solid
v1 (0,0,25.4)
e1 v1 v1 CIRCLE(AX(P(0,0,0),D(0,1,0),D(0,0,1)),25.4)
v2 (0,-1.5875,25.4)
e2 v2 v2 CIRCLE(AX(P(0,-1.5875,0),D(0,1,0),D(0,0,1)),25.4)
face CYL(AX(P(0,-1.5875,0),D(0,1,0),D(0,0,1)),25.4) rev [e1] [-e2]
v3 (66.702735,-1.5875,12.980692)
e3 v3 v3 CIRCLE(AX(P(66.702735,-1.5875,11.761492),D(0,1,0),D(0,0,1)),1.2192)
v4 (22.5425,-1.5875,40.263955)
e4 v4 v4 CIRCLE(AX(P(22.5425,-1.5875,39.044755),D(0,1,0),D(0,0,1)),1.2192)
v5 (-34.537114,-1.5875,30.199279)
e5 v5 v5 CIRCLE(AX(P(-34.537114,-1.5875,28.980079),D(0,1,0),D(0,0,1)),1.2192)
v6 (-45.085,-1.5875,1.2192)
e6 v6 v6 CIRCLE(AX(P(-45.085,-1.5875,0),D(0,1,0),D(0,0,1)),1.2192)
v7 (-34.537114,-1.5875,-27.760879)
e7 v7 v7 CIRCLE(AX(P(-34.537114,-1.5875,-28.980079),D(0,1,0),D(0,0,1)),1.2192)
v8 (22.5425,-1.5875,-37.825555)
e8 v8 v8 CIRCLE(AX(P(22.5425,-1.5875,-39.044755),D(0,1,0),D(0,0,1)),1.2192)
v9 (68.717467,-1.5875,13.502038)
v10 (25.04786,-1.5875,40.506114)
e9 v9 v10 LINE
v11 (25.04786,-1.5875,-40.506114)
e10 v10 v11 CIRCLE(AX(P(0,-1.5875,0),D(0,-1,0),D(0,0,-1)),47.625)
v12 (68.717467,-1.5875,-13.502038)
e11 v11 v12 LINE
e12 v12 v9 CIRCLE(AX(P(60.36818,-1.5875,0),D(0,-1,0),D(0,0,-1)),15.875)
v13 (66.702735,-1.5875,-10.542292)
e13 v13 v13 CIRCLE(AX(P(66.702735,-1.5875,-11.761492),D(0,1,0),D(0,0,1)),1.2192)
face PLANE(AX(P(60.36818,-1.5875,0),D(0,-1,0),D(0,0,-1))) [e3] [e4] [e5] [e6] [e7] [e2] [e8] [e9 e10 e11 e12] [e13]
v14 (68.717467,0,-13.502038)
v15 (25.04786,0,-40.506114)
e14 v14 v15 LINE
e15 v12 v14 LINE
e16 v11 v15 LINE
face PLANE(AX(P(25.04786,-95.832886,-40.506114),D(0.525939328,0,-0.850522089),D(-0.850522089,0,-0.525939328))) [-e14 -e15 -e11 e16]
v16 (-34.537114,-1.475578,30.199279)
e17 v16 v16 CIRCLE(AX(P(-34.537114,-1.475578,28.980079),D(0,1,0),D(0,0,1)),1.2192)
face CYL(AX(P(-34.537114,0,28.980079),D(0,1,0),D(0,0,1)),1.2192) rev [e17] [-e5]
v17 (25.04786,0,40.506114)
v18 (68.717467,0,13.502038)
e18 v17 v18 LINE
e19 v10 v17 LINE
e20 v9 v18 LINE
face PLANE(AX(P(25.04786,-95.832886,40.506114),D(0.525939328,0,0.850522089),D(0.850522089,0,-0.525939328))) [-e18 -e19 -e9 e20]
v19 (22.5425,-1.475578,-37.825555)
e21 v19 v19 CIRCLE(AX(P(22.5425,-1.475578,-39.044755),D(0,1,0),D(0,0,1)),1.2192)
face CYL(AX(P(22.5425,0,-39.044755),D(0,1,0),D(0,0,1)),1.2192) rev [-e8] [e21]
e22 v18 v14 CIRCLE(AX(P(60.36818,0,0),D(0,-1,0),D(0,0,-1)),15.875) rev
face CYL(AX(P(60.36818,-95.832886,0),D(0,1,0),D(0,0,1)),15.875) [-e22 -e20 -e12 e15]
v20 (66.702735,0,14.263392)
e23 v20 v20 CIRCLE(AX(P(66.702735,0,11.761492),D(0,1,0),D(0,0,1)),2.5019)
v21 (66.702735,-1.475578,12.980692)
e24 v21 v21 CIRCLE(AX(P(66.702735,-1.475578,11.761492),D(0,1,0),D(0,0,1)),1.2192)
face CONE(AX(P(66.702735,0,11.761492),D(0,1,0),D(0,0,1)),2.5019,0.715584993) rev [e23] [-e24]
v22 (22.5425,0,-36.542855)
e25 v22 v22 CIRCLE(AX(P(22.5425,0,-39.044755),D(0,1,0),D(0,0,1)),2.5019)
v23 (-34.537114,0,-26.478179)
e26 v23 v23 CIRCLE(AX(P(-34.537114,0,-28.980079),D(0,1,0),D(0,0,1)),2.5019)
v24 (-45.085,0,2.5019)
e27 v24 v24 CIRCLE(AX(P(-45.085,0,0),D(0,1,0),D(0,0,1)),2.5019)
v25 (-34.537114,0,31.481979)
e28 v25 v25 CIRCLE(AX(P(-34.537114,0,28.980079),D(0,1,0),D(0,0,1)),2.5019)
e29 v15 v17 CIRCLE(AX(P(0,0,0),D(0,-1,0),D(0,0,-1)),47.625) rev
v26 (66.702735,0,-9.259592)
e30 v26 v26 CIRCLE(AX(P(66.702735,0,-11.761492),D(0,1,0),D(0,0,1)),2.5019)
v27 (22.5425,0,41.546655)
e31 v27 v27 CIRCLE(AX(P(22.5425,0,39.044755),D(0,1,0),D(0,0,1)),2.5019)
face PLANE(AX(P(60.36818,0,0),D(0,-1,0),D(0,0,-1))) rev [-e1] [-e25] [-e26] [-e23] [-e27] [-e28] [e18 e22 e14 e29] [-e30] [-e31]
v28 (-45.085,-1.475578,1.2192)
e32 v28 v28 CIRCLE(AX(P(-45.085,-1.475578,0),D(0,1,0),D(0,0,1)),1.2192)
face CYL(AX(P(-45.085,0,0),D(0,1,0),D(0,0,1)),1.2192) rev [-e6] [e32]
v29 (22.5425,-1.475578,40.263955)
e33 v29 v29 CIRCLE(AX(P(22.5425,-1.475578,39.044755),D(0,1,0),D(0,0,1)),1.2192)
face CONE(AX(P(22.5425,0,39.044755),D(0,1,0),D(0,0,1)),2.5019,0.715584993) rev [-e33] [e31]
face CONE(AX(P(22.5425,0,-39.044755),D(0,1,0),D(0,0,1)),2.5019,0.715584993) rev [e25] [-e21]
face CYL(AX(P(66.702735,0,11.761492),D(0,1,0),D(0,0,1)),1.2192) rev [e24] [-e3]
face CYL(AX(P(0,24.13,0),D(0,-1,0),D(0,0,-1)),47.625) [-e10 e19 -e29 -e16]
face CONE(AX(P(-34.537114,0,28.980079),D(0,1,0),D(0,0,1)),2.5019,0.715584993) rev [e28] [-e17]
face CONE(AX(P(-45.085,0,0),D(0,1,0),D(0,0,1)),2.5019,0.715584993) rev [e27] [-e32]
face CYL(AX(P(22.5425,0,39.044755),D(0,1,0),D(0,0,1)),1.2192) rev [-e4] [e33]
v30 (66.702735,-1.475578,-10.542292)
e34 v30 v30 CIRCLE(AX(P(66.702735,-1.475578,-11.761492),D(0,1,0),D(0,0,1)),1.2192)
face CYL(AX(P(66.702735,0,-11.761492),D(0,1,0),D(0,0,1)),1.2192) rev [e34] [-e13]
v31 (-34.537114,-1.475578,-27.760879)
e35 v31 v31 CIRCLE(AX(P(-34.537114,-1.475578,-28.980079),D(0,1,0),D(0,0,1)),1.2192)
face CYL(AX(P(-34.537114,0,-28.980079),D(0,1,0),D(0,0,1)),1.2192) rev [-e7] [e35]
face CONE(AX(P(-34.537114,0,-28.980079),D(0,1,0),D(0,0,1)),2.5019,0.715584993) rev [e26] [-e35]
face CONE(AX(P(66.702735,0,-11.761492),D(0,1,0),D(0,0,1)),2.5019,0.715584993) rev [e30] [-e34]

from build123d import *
from build123d.topology import SkipClean

# Parameters (mm, degrees)
SKETCH1_R                                         = 47.625
BOSS_EXTRUDE1_DEPTH                               = 24.13
SKETCH2_R                                         = 46.0375
CUT_EXTRUDE1_DEPTH                                = 20.955
SKETCH3_R                                         = 30.48
CUT_EXTRUDE2_DEPTH                                = 71.536467696
BOSS_EXTRUDE2_START                               = -24.13
BOSS_EXTRUDE2_DEPTH                               = 24.13
CUT_EXTRUDE3_DEPTH                                = 20.955
BOSS_EXTRUDE3_START                               = 3.81
BOSS_EXTRUDE3_DEPTH                               = 3.81
SKETCH7_R                                         = 11.176
CUT_EXTRUDE4_DEPTH                                = 3.81
CHAMFER1_SIZE                                     = 0.762
SKETCH8_R                                         = 5.08
CUT_EXTRUDE5_DEPTH                                = 93.163254725
CSK_FOR_M2_5_FLAT_HEAD_MACHINE_SCREW1_D           = 2.9
CSK_FOR_M2_5_FLAT_HEAD_MACHINE_SCREW1_CSINK_D     = 5.5
CSK_FOR_M2_5_FLAT_HEAD_MACHINE_SCREW1_CSINK_ANGLE = 90
CIRPATTERN1_COUNT                                 = 3
BOSS_EXTRUDE4_DEPTH                               = 5.588
SKETCH12_R                                        = 32.0675
SKETCH12_R_2                                      = 30.48
BOSS_EXTRUDE5_DEPTH                               = 5.588
FILLET2_R                                         = 3.175
F_10_32_TAPPED_HOLE1_D                            = 4.0386
CIRPATTERN2_COUNT                                 = 6
BOSS_EXTRUDE6_REACH                               = 96.68
SKETCH19_R                                        = 2.54
FILLET3_R                                         = 3.175
F_4_40_TAPPED_HOLE1_D                             = 2.2606
F_4_40_TAPPED_HOLE1_DEPTH                         = 7.62
F_4_40_TAPPED_HOLE1_TIP                           = 0.679152758
BOSS_EXTRUDE8_START                               = 1.5875
BOSS_EXTRUDE8_DEPTH                               = 1.5875
CUT_EXTRUDE6_START                                = -29.718
CUT_EXTRUDE6_DEPTH                                = 29.718
CSK_FOR_2_FLAT_HEAD_SOCKET_CAP_SCREW1_A_COUNT     = 2
CSK_FOR_2_FLAT_HEAD_SOCKET_CAP_SCREW1_A_PITCH     = 57.960158765
CSK_FOR_2_FLAT_HEAD_SOCKET_CAP_SCRE_2_COUNT       = 2
CSK_FOR_2_FLAT_HEAD_SOCKET_CAP_SCRE_2_PITCH       = 78.089510659
CSK_FOR_2_FLAT_HEAD_SOCKET_CAP_SCRE_3_COUNT       = 2
CSK_FOR_2_FLAT_HEAD_SOCKET_CAP_SCRE_3_PITCH       = 88.800115089
CSK_FOR_2_FLAT_HEAD_SOCKET_CAP_SCRE_4_COUNT       = 2
CSK_FOR_2_FLAT_HEAD_SOCKET_CAP_SCRE_4_PITCH       = 78.089510659
CSK_FOR_2_FLAT_HEAD_SOCKET_CAP_SCRE_5_COUNT       = 2
CSK_FOR_2_FLAT_HEAD_SOCKET_CAP_SCRE_5_PITCH       = 67.315682226
CSK_FOR_2_FLAT_HEAD_SOCKET_CAP_SCRE_6_COUNT       = 2
CSK_FOR_2_FLAT_HEAD_SOCKET_CAP_SCRE_6_PITCH       = 51.908600383
SKETCH26_R                                        = 25.4
CUT_EXTRUDE7_DEPTH                                = 1.5875


with BuildPart() as part:
    # Sketch1 → Boss-Extrude1 (new body)
    with BuildSketch(Plane(origin=(0, 0, 0), x_dir=(1, 0, 0), z_dir=(0, 1, 0))):
        with Locations(Location((0, 0, 0), (0, 0, 90))):
            Circle(SKETCH1_R)
    extrude(amount=BOSS_EXTRUDE1_DEPTH)

    # Sketch2 → Cut-Extrude1 (cut)
    with BuildSketch(Plane.XZ):
        with Locations(Location((0, 0, 0), (0, 0, 270))):
            Circle(SKETCH2_R)
    extrude(amount=-CUT_EXTRUDE1_DEPTH, mode=Mode.SUBTRACT)

    # Sketch3 → Cut-Extrude2 (cut, through all)
    with BuildSketch(Plane.XZ.offset(-20.955)):
        with Locations(Location((0, 0, 0), (0, 0, 270))):
            Circle(SKETCH3_R)
    extrude(amount=-CUT_EXTRUDE2_DEPTH, mode=Mode.SUBTRACT)

    # Sketch4 → Boss-Extrude2 (add)
    with BuildSketch(Plane(origin=(0, 24.13, 0), x_dir=(1, 0, 0), z_dir=(0, 1, 0)).offset(BOSS_EXTRUDE2_START)):
        with BuildLine():
            Line((25.047860479, 40.506114482), (68.717466826, 13.502038161))
            ThreePointArc((68.717466826, 13.502038161), (76.24318, 0), (68.717466826, -13.502038161))
            Line((68.717466826, -13.502038161), (25.047860479, -40.506114482))
            ThreePointArc((25.047860479, -40.506114482), (47.625, 0), (25.047860479, 40.506114482))
        make_face()
    extrude(amount=BOSS_EXTRUDE2_DEPTH)

    # Sketch5 → Cut-Extrude3 (cut)
    with BuildSketch(Plane.XZ):
        with BuildLine():
            Line((24.212931796, -39.155910666), (67.882538144, -12.151834345))
            ThreePointArc((67.882538144, -12.151834345), (74.65568, 0), (67.882538144, 12.151834345))
            Line((67.882538144, 12.151834345), (24.212931796, 39.155910666))
            ThreePointArc((24.212931796, 39.155910666), (46.0375, 0), (24.212931796, -39.155910666))
        make_face()
    extrude(amount=-CUT_EXTRUDE3_DEPTH, mode=Mode.SUBTRACT)

    # Sketch6 → Boss-Extrude3 (add)
    with BuildSketch(Plane.XZ.offset(-20.955).offset(BOSS_EXTRUDE3_START)):
        with BuildLine():
            Line((53.153553418, 21.25983098), (46.04773497, 25.653872505))
            Line((46.04773497, 25.653872505), (46.882663653, 27.004076321))
            Line((46.882663653, 27.004076321), (68.717466826, 13.502038161))
            ThreePointArc((68.717466826, 13.502038161), (76.24318, 0), (68.717466826, -13.502038161))
            Line((68.717466826, -13.502038161), (46.882663653, -27.004076321))
            Line((46.882663653, -27.004076321), (46.04773497, -25.653872505))
            Line((46.04773497, -25.653872505), (53.153553418, -21.25983098))
            ThreePointArc((53.153553418, -21.25983098), (56.162954155, -15.965000538), (53.331952458, -10.572677144))
            ThreePointArc((53.331952458, -10.572677144), (47.66818, 0), (53.331952458, 10.572677144))
            ThreePointArc((53.331952458, 10.572677144), (56.162954155, 15.965000538), (53.153553418, 21.25983098))
        make_face()
    extrude(amount=-BOSS_EXTRUDE3_DEPTH)

    # Sketch7 → Cut-Extrude4 (cut)
    with BuildSketch(Plane(origin=(0, 24.13, 0), x_dir=(1, 0, 0), z_dir=(0, 1, 0))):
        with Locations(Location((60.36818, 0, 0), (0, 0, 270))):
            Circle(SKETCH7_R)
    extrude(amount=-CUT_EXTRUDE4_DEPTH, mode=Mode.SUBTRACT)

    # Chamfer1
    chamfer1_edges = [part.edges().sort_by_distance(p)[0] for p in [
        (60.36818, 24.13, -11.176),
    ]]
    chamfer(chamfer1_edges, length=CHAMFER1_SIZE)

    # Sketch8 → Cut-Extrude5 (cut, through all)
    with BuildSketch(Plane(origin=(0, 20.32, 0), x_dir=(1, 0, 0), z_dir=(0, 1, 0))):
        with Locations(Location((60.36818, 0, 0), (0, 0, 270))):
            Circle(SKETCH8_R)
    extrude(amount=-CUT_EXTRUDE5_DEPTH, mode=Mode.SUBTRACT)

    # CSK for M2.5 Flat Head Machine Screw1 (through all)
    with Locations(Plane.XZ.offset(-17.145)):
        with Locations((67.36818, 0)):
            csk_for_m2_5_flat_head_machine_screw1 = CounterSinkHole(CSK_FOR_M2_5_FLAT_HEAD_MACHINE_SCREW1_D / 2, CSK_FOR_M2_5_FLAT_HEAD_MACHINE_SCREW1_CSINK_D / 2, counter_sink_angle=CSK_FOR_M2_5_FLAT_HEAD_MACHINE_SCREW1_CSINK_ANGLE)

    # CirPattern1: CSK for M2.5 Flat Head Machine Screw1 ×3 about axis
    cirpattern1_axis = Axis((60.36818, 0, 0), (0, 1, 0))
    for i in range(1, CIRPATTERN1_COUNT):
        add(csk_for_m2_5_flat_head_machine_screw1.rotate(cirpattern1_axis, i * 360 / CIRPATTERN1_COUNT), mode=Mode.SUBTRACT)

    # Sketch11 → Boss-Extrude4 (add)
    with BuildSketch(Plane(origin=(0, 24.13, 0), x_dir=(1, 0, 0), z_dir=(0, 1, 0))):
        with BuildLine():
            Line((-30.83887705, 27.39889836), (-23.975769003, 18.820013302))
            ThreePointArc((-23.975769003, 18.820013302), (-19.040705049, 23.800881312), (-13.098014904, 27.522216582))
            Line((-13.098014904, 27.522216582), (-19.96112295, 36.10110164))
            ThreePointArc((-19.96112295, 36.10110164), (-29.75110164, 37.18887705), (-30.83887705, 27.39889836))
        make_face()
        with BuildLine():
            Line((19.729280139, 36.286575888), (12.821655, 27.652044464))
            ThreePointArc((12.821655, 27.652044464), (19.040705049, 23.800881312), (24.163094721, 18.578892687))
            Line((24.163094721, 18.578892687), (31.070719861, 27.213424112))
            ThreePointArc((31.070719861, 27.213424112), (29.936575888, 37.420719861), (19.729280139, 36.286575888))
        make_face()
    boss_extrude4 = extrude(amount=BOSS_EXTRUDE4_DEPTH)

    # Mirror1: Boss-Extrude4 across plane
    with SkipClean():  # the faces are left unmerged after this step: merging them gives an invalid solid
        add(boss_extrude4.mirror(Plane.XY))

    # Sketch12 → Boss-Extrude5 (add)
    with BuildSketch(Plane(origin=(0, 24.13, 0), x_dir=(1, 0, 0), z_dir=(0, 1, 0))):
        Circle(SKETCH12_R)
        with Locations(Location((0, 0, 0), (0, 0, 90))):
            Circle(SKETCH12_R_2, mode=Mode.SUBTRACT)
    extrude(amount=BOSS_EXTRUDE5_DEPTH)

    # Fillet2
    fillet2_edges = [part.edges().sort_by_distance(p)[0] for p in [
        (-24.993040349, 26.924, 20.091602484),
        (-14.115286249, 26.924, 28.793805764),
        (13.841247416, 26.924, 28.926534985),
        (25.182687137, 26.924, 19.853383208),
        (25.182687137, 26.924, -19.853383208),
        (13.841247416, 26.924, -28.926534985),
        (-14.115286249, 26.924, -28.793805764),
        (-24.993040349, 26.924, -20.091602484),
    ]]
    fillet(fillet2_edges, radius=FILLET2_R)

    # #10-32 Tapped Hole1 (through all)
    with Locations(Plane(origin=(0, 29.718, 0), x_dir=(-1, 0, 0), z_dir=(0, 1, 0))):
        with Locations((25.4, -31.75), (-25.4, -31.75), (25.4, 31.75), (-25.4, 31.75)):
            Hole(F_10_32_TAPPED_HOLE1_D / 2)

    # Sketch17 → #4 Clearance Hole1 (revolve, cut)
    with BuildSketch(Plane(origin=(0, 24.13, -35.56), x_dir=(0, 0, 1), z_dir=(1, 0, 0))):
        Polygon((0, 0), (0, 84.038574487), (1.63195, 83.058), (1.63195, 0), align=None)
    f_4_clearance_hole1 = revolve(axis=Axis((0, 30.48, -35.56), (0, -1, 0)), mode=Mode.SUBTRACT)

    # CirPattern2: #4 Clearance Hole1 ×6 about axis
    cirpattern2_axis = Axis((0, 0, 0), (0, 1, 0))
    for i in range(1, CIRPATTERN2_COUNT):
        add(f_4_clearance_hole1.rotate(cirpattern2_axis, i * 360 / CIRPATTERN2_COUNT), mode=Mode.SUBTRACT)

    # Boss-Extrude6: up to this face of the body (flat: up to its plane)
    boss_extrude6_end = Plane(part.part.faces().sort_by_distance((-44.661893979, 20.955, 0))[0])
    # Sketch19 → Boss-Extrude6 (add, up to the picked face)
    with BuildSketch(Plane.XZ, mode=Mode.PRIVATE) as boss_extrude6_sk1:
        with Locations((-45.085, 0)):
            Circle(SKETCH19_R)
    boss_extrude6_tool1 = split(extrude(boss_extrude6_sk1.sketch, amount=-BOSS_EXTRUDE6_REACH, mode=Mode.PRIVATE), bisect_by=boss_extrude6_end, keep=Keep.BOTH, mode=Mode.PRIVATE)
    # Sketch19 → Boss-Extrude6 (add, up to the picked face)
    with BuildSketch(Plane.XZ, mode=Mode.PRIVATE) as boss_extrude6_sk2:
        with Locations((-34.537113718, 28.980079383)):
            Circle(SKETCH19_R)
    boss_extrude6_tool2 = split(extrude(boss_extrude6_sk2.sketch, amount=-BOSS_EXTRUDE6_REACH, mode=Mode.PRIVATE), bisect_by=boss_extrude6_end, keep=Keep.BOTH, mode=Mode.PRIVATE)
    # Sketch19 → Boss-Extrude6 (add, up to the picked face)
    with BuildSketch(Plane.XZ, mode=Mode.PRIVATE) as boss_extrude6_sk3:
        with Locations((66.702734661, 11.761491808)):
            Circle(SKETCH19_R)
    boss_extrude6_tool3 = split(extrude(boss_extrude6_sk3.sketch, amount=-BOSS_EXTRUDE6_REACH, mode=Mode.PRIVATE), bisect_by=boss_extrude6_end, keep=Keep.BOTH, mode=Mode.PRIVATE)
    # Sketch19 → Boss-Extrude6 (add, up to the picked face)
    with BuildSketch(Plane.XZ, mode=Mode.PRIVATE) as boss_extrude6_sk4:
        with Locations((22.5425, 39.04475533)):
            Circle(SKETCH19_R)
    boss_extrude6_tool4 = split(extrude(boss_extrude6_sk4.sketch, amount=-BOSS_EXTRUDE6_REACH, mode=Mode.PRIVATE), bisect_by=boss_extrude6_end, keep=Keep.BOTH, mode=Mode.PRIVATE)
    # Sketch19 → Boss-Extrude6 (add, up to the picked face)
    with BuildSketch(Plane.XZ, mode=Mode.PRIVATE) as boss_extrude6_sk5:
        with Locations((66.702734661, -11.761491808)):
            Circle(SKETCH19_R)
    boss_extrude6_tool5 = split(extrude(boss_extrude6_sk5.sketch, amount=-BOSS_EXTRUDE6_REACH, mode=Mode.PRIVATE), bisect_by=boss_extrude6_end, keep=Keep.BOTH, mode=Mode.PRIVATE)
    # Sketch19 → Boss-Extrude6 (add, up to the picked face)
    with BuildSketch(Plane.XZ, mode=Mode.PRIVATE) as boss_extrude6_sk6:
        with Locations((22.5425, -39.04475533)):
            Circle(SKETCH19_R)
    boss_extrude6_tool6 = split(extrude(boss_extrude6_sk6.sketch, amount=-BOSS_EXTRUDE6_REACH, mode=Mode.PRIVATE), bisect_by=boss_extrude6_end, keep=Keep.BOTH, mode=Mode.PRIVATE)
    # Sketch19 → Boss-Extrude6 (add, up to the picked face)
    with BuildSketch(Plane.XZ, mode=Mode.PRIVATE) as boss_extrude6_sk7:
        with Locations((-34.537113718, -28.980079383)):
            Circle(SKETCH19_R)
    boss_extrude6_tool7 = split(extrude(boss_extrude6_sk7.sketch, amount=-BOSS_EXTRUDE6_REACH, mode=Mode.PRIVATE), bisect_by=boss_extrude6_end, keep=Keep.BOTH, mode=Mode.PRIVATE)
    add(boss_extrude6_tool1.solids().sort_by(Axis((-45.085, 0, 0), (0, 1, 0)))[0])
    add(boss_extrude6_tool2.solids().sort_by(Axis((-34.537114, 0, 28.980079), (0, 1, 0)))[0])
    add(boss_extrude6_tool3.solids().sort_by(Axis((66.702735, 0, 11.761492), (0, 1, 0)))[0])
    add(boss_extrude6_tool4.solids().sort_by(Axis((22.5425, 0, 39.044755), (0, 1, 0)))[0])
    add(boss_extrude6_tool5.solids().sort_by(Axis((66.702735, 0, -11.761492), (0, 1, 0)))[0])
    add(boss_extrude6_tool6.solids().sort_by(Axis((22.5425, 0, -39.044755), (0, 1, 0)))[0])
    add(boss_extrude6_tool7.solids().sort_by(Axis((-34.537114, 0, -28.980079), (0, 1, 0)))[0])

    # Fillet3
    fillet3_edges = [part.edges().sort_by_distance(p)[0] for p in [
        (-45.976012324, 10.4775, 2.378591398),
        (-45.976012324, 10.4775, -2.378591398),
        (-33.690739678, 10.4775, 31.374917788),
        (-36.748597837, 10.4775, 27.730704342),
        (69.188582602, 8.5725, 11.239802231),
        (65.201015971, 8.5725, 13.810013464),
        (20.928085586, 10.4775, 41.005690336),
        (25.049788012, 10.4775, 38.638421936),
        (65.201015971, 8.5725, -13.810013464),
        (69.188582602, 8.5725, -11.239802231),
        (25.049788012, 10.4775, -38.638421936),
        (20.928085586, 10.4775, -41.005690336),
        (-33.690739678, 10.4775, -31.374917788),
        (-36.748597837, 10.4775, -27.730704342),
    ]]
    fillet(fillet3_edges, radius=FILLET3_R)

    # #4-40 Tapped Hole1
    with Locations(Plane.XZ):
        with Locations((-34.537113718, 28.980079383), (22.5425, 39.04475533), (66.702734661, 11.761491808), (66.702734661, -11.761491808), (22.5425, -39.04475533), (-34.537113718, -28.980079383), (-45.085, 0)):
            Hole(F_4_40_TAPPED_HOLE1_D / 2, depth=F_4_40_TAPPED_HOLE1_DEPTH)
            with Locations((0, 0, -(F_4_40_TAPPED_HOLE1_DEPTH + F_4_40_TAPPED_HOLE1_TIP / 2))):  # 118° drill point
                Cone(0, F_4_40_TAPPED_HOLE1_D / 2, F_4_40_TAPPED_HOLE1_TIP, mode=Mode.SUBTRACT)

    # Sketch22 → Boss-Extrude8 (add)
    with BuildSketch(Plane.XZ.offset(BOSS_EXTRUDE8_START)):
        with BuildLine():
            Line((68.717466826, 13.502038161), (25.047860479, 40.506114482))
            ThreePointArc((25.047860479, 40.506114482), (-47.625, 0), (25.047860479, -40.506114482))
            Line((25.047860479, -40.506114482), (68.717466826, -13.502038161))
            ThreePointArc((68.717466826, -13.502038161), (76.24318, 0), (68.717466826, 13.502038161))
        make_face()
    extrude(amount=-BOSS_EXTRUDE8_DEPTH)

    # Sketch23 → Cut-Extrude6 (cut)
    with BuildSketch(Plane(origin=(0, 29.718, 0), x_dir=(1, 0, 0), z_dir=(0, 1, 0)).offset(CUT_EXTRUDE6_START)):
        with BuildLine():
            Line((29.219405455, -37.926546486), (68.717466826, -13.502038161))
            ThreePointArc((68.717466826, -13.502038161), (76.24318, 0), (68.717466826, 13.502038161))
            Line((68.717466826, 13.502038161), (29.219405455, 37.926546486))
            Line((29.219405455, 37.926546486), (25.047860479, 40.506114482))
            ThreePointArc((25.047860479, 40.506114482), (-2.877696197, 47.537979444), (-29.75110164, 37.18887705))
            ThreePointArc((-29.75110164, 37.18887705), (-47.625, 0), (-29.75110164, -37.18887705))
            ThreePointArc((-29.75110164, -37.18887705), (-2.877696197, -47.537979444), (25.047860479, -40.506114482))
            Line((25.047860479, -40.506114482), (29.219405455, -37.926546486))
        make_face()
    extrude(amount=CUT_EXTRUDE6_DEPTH, mode=Mode.SUBTRACT)

    # Sketch24 → CSK for #2 Flat Head Socket Cap Screw1 (revolve, cut)
    with BuildSketch(Plane(origin=(22.5425, 0, -39.04475533), x_dir=(0, 0, 1), z_dir=(1, 0, 0))):
        Polygon((0, 0), (0, 1.5875), (1.2192, 1.5875), (1.2192, 1.475577556), (2.5019, 0), align=None)
    csk_for_2_flat_head_socket_cap_screw1 = revolve(axis=Axis((22.5425, 6.35, -39.04475533), (0, -1, 0)), mode=Mode.SUBTRACT)

    # CSK for #2 Flat Head Socket Cap Screw1 a: CSK for #2 Flat Head Socket Cap Screw1 ×2
    with Locations(*[Vector(-0.984807753012208, 0, 0.17364817766693103) * (i * CSK_FOR_2_FLAT_HEAD_SOCKET_CAP_SCREW1_A_PITCH) for i in range(1, CSK_FOR_2_FLAT_HEAD_SOCKET_CAP_SCREW1_A_COUNT)]):
        add(csk_for_2_flat_head_socket_cap_screw1, mode=Mode.SUBTRACT)

    # CSK for _2 Flat Head Socket Cap Scre 2: CSK for #2 Flat Head Socket Cap Screw1 ×2
    with Locations(*[Vector(-0.8660254037844379, 0, 0.5000000000000012) * (i * CSK_FOR_2_FLAT_HEAD_SOCKET_CAP_SCRE_2_PITCH) for i in range(1, CSK_FOR_2_FLAT_HEAD_SOCKET_CAP_SCRE_2_COUNT)]):
        add(csk_for_2_flat_head_socket_cap_screw1, mode=Mode.SUBTRACT)

    # CSK for _2 Flat Head Socket Cap Scre 3: CSK for #2 Flat Head Socket Cap Screw1 ×2
    with Locations(*[Vector(-0.6427876096865378, 0, 0.7660444431189793) * (i * CSK_FOR_2_FLAT_HEAD_SOCKET_CAP_SCRE_3_PITCH) for i in range(1, CSK_FOR_2_FLAT_HEAD_SOCKET_CAP_SCRE_3_COUNT)]):
        add(csk_for_2_flat_head_socket_cap_screw1, mode=Mode.SUBTRACT)

    # CSK for _2 Flat Head Socket Cap Scre 4: CSK for #2 Flat Head Socket Cap Screw1 ×2
    with Locations(*[(0, 0, i * CSK_FOR_2_FLAT_HEAD_SOCKET_CAP_SCRE_4_PITCH) for i in range(1, CSK_FOR_2_FLAT_HEAD_SOCKET_CAP_SCRE_4_COUNT)]):
        add(csk_for_2_flat_head_socket_cap_screw1, mode=Mode.SUBTRACT)

    # CSK for _2 Flat Head Socket Cap Scre 5: CSK for #2 Flat Head Socket Cap Screw1 ×2
    with Locations(*[Vector(0.6560170409199186, 0, 0.7547460778451742) * (i * CSK_FOR_2_FLAT_HEAD_SOCKET_CAP_SCRE_5_PITCH) for i in range(1, CSK_FOR_2_FLAT_HEAD_SOCKET_CAP_SCRE_5_COUNT)]):
        add(csk_for_2_flat_head_socket_cap_screw1, mode=Mode.SUBTRACT)

    # CSK for _2 Flat Head Socket Cap Scre 6: CSK for #2 Flat Head Socket Cap Screw1 ×2
    with Locations(*[Vector(0.8507305983078669, 0, 0.5256019873466412) * (i * CSK_FOR_2_FLAT_HEAD_SOCKET_CAP_SCRE_6_PITCH) for i in range(1, CSK_FOR_2_FLAT_HEAD_SOCKET_CAP_SCRE_6_COUNT)]):
        add(csk_for_2_flat_head_socket_cap_screw1, mode=Mode.SUBTRACT)

    # Sketch26 → Cut-Extrude7 (cut)
    with BuildSketch(Plane(origin=(0, 0, 0), x_dir=(1, 0, 0), z_dir=(0, 1, 0))):
        with Locations(Location((0, 0, 0), (0, 0, 270))):
            Circle(SKETCH26_R)
    extrude(amount=-CUT_EXTRUDE7_DEPTH, mode=Mode.SUBTRACT)


solid = part.part
